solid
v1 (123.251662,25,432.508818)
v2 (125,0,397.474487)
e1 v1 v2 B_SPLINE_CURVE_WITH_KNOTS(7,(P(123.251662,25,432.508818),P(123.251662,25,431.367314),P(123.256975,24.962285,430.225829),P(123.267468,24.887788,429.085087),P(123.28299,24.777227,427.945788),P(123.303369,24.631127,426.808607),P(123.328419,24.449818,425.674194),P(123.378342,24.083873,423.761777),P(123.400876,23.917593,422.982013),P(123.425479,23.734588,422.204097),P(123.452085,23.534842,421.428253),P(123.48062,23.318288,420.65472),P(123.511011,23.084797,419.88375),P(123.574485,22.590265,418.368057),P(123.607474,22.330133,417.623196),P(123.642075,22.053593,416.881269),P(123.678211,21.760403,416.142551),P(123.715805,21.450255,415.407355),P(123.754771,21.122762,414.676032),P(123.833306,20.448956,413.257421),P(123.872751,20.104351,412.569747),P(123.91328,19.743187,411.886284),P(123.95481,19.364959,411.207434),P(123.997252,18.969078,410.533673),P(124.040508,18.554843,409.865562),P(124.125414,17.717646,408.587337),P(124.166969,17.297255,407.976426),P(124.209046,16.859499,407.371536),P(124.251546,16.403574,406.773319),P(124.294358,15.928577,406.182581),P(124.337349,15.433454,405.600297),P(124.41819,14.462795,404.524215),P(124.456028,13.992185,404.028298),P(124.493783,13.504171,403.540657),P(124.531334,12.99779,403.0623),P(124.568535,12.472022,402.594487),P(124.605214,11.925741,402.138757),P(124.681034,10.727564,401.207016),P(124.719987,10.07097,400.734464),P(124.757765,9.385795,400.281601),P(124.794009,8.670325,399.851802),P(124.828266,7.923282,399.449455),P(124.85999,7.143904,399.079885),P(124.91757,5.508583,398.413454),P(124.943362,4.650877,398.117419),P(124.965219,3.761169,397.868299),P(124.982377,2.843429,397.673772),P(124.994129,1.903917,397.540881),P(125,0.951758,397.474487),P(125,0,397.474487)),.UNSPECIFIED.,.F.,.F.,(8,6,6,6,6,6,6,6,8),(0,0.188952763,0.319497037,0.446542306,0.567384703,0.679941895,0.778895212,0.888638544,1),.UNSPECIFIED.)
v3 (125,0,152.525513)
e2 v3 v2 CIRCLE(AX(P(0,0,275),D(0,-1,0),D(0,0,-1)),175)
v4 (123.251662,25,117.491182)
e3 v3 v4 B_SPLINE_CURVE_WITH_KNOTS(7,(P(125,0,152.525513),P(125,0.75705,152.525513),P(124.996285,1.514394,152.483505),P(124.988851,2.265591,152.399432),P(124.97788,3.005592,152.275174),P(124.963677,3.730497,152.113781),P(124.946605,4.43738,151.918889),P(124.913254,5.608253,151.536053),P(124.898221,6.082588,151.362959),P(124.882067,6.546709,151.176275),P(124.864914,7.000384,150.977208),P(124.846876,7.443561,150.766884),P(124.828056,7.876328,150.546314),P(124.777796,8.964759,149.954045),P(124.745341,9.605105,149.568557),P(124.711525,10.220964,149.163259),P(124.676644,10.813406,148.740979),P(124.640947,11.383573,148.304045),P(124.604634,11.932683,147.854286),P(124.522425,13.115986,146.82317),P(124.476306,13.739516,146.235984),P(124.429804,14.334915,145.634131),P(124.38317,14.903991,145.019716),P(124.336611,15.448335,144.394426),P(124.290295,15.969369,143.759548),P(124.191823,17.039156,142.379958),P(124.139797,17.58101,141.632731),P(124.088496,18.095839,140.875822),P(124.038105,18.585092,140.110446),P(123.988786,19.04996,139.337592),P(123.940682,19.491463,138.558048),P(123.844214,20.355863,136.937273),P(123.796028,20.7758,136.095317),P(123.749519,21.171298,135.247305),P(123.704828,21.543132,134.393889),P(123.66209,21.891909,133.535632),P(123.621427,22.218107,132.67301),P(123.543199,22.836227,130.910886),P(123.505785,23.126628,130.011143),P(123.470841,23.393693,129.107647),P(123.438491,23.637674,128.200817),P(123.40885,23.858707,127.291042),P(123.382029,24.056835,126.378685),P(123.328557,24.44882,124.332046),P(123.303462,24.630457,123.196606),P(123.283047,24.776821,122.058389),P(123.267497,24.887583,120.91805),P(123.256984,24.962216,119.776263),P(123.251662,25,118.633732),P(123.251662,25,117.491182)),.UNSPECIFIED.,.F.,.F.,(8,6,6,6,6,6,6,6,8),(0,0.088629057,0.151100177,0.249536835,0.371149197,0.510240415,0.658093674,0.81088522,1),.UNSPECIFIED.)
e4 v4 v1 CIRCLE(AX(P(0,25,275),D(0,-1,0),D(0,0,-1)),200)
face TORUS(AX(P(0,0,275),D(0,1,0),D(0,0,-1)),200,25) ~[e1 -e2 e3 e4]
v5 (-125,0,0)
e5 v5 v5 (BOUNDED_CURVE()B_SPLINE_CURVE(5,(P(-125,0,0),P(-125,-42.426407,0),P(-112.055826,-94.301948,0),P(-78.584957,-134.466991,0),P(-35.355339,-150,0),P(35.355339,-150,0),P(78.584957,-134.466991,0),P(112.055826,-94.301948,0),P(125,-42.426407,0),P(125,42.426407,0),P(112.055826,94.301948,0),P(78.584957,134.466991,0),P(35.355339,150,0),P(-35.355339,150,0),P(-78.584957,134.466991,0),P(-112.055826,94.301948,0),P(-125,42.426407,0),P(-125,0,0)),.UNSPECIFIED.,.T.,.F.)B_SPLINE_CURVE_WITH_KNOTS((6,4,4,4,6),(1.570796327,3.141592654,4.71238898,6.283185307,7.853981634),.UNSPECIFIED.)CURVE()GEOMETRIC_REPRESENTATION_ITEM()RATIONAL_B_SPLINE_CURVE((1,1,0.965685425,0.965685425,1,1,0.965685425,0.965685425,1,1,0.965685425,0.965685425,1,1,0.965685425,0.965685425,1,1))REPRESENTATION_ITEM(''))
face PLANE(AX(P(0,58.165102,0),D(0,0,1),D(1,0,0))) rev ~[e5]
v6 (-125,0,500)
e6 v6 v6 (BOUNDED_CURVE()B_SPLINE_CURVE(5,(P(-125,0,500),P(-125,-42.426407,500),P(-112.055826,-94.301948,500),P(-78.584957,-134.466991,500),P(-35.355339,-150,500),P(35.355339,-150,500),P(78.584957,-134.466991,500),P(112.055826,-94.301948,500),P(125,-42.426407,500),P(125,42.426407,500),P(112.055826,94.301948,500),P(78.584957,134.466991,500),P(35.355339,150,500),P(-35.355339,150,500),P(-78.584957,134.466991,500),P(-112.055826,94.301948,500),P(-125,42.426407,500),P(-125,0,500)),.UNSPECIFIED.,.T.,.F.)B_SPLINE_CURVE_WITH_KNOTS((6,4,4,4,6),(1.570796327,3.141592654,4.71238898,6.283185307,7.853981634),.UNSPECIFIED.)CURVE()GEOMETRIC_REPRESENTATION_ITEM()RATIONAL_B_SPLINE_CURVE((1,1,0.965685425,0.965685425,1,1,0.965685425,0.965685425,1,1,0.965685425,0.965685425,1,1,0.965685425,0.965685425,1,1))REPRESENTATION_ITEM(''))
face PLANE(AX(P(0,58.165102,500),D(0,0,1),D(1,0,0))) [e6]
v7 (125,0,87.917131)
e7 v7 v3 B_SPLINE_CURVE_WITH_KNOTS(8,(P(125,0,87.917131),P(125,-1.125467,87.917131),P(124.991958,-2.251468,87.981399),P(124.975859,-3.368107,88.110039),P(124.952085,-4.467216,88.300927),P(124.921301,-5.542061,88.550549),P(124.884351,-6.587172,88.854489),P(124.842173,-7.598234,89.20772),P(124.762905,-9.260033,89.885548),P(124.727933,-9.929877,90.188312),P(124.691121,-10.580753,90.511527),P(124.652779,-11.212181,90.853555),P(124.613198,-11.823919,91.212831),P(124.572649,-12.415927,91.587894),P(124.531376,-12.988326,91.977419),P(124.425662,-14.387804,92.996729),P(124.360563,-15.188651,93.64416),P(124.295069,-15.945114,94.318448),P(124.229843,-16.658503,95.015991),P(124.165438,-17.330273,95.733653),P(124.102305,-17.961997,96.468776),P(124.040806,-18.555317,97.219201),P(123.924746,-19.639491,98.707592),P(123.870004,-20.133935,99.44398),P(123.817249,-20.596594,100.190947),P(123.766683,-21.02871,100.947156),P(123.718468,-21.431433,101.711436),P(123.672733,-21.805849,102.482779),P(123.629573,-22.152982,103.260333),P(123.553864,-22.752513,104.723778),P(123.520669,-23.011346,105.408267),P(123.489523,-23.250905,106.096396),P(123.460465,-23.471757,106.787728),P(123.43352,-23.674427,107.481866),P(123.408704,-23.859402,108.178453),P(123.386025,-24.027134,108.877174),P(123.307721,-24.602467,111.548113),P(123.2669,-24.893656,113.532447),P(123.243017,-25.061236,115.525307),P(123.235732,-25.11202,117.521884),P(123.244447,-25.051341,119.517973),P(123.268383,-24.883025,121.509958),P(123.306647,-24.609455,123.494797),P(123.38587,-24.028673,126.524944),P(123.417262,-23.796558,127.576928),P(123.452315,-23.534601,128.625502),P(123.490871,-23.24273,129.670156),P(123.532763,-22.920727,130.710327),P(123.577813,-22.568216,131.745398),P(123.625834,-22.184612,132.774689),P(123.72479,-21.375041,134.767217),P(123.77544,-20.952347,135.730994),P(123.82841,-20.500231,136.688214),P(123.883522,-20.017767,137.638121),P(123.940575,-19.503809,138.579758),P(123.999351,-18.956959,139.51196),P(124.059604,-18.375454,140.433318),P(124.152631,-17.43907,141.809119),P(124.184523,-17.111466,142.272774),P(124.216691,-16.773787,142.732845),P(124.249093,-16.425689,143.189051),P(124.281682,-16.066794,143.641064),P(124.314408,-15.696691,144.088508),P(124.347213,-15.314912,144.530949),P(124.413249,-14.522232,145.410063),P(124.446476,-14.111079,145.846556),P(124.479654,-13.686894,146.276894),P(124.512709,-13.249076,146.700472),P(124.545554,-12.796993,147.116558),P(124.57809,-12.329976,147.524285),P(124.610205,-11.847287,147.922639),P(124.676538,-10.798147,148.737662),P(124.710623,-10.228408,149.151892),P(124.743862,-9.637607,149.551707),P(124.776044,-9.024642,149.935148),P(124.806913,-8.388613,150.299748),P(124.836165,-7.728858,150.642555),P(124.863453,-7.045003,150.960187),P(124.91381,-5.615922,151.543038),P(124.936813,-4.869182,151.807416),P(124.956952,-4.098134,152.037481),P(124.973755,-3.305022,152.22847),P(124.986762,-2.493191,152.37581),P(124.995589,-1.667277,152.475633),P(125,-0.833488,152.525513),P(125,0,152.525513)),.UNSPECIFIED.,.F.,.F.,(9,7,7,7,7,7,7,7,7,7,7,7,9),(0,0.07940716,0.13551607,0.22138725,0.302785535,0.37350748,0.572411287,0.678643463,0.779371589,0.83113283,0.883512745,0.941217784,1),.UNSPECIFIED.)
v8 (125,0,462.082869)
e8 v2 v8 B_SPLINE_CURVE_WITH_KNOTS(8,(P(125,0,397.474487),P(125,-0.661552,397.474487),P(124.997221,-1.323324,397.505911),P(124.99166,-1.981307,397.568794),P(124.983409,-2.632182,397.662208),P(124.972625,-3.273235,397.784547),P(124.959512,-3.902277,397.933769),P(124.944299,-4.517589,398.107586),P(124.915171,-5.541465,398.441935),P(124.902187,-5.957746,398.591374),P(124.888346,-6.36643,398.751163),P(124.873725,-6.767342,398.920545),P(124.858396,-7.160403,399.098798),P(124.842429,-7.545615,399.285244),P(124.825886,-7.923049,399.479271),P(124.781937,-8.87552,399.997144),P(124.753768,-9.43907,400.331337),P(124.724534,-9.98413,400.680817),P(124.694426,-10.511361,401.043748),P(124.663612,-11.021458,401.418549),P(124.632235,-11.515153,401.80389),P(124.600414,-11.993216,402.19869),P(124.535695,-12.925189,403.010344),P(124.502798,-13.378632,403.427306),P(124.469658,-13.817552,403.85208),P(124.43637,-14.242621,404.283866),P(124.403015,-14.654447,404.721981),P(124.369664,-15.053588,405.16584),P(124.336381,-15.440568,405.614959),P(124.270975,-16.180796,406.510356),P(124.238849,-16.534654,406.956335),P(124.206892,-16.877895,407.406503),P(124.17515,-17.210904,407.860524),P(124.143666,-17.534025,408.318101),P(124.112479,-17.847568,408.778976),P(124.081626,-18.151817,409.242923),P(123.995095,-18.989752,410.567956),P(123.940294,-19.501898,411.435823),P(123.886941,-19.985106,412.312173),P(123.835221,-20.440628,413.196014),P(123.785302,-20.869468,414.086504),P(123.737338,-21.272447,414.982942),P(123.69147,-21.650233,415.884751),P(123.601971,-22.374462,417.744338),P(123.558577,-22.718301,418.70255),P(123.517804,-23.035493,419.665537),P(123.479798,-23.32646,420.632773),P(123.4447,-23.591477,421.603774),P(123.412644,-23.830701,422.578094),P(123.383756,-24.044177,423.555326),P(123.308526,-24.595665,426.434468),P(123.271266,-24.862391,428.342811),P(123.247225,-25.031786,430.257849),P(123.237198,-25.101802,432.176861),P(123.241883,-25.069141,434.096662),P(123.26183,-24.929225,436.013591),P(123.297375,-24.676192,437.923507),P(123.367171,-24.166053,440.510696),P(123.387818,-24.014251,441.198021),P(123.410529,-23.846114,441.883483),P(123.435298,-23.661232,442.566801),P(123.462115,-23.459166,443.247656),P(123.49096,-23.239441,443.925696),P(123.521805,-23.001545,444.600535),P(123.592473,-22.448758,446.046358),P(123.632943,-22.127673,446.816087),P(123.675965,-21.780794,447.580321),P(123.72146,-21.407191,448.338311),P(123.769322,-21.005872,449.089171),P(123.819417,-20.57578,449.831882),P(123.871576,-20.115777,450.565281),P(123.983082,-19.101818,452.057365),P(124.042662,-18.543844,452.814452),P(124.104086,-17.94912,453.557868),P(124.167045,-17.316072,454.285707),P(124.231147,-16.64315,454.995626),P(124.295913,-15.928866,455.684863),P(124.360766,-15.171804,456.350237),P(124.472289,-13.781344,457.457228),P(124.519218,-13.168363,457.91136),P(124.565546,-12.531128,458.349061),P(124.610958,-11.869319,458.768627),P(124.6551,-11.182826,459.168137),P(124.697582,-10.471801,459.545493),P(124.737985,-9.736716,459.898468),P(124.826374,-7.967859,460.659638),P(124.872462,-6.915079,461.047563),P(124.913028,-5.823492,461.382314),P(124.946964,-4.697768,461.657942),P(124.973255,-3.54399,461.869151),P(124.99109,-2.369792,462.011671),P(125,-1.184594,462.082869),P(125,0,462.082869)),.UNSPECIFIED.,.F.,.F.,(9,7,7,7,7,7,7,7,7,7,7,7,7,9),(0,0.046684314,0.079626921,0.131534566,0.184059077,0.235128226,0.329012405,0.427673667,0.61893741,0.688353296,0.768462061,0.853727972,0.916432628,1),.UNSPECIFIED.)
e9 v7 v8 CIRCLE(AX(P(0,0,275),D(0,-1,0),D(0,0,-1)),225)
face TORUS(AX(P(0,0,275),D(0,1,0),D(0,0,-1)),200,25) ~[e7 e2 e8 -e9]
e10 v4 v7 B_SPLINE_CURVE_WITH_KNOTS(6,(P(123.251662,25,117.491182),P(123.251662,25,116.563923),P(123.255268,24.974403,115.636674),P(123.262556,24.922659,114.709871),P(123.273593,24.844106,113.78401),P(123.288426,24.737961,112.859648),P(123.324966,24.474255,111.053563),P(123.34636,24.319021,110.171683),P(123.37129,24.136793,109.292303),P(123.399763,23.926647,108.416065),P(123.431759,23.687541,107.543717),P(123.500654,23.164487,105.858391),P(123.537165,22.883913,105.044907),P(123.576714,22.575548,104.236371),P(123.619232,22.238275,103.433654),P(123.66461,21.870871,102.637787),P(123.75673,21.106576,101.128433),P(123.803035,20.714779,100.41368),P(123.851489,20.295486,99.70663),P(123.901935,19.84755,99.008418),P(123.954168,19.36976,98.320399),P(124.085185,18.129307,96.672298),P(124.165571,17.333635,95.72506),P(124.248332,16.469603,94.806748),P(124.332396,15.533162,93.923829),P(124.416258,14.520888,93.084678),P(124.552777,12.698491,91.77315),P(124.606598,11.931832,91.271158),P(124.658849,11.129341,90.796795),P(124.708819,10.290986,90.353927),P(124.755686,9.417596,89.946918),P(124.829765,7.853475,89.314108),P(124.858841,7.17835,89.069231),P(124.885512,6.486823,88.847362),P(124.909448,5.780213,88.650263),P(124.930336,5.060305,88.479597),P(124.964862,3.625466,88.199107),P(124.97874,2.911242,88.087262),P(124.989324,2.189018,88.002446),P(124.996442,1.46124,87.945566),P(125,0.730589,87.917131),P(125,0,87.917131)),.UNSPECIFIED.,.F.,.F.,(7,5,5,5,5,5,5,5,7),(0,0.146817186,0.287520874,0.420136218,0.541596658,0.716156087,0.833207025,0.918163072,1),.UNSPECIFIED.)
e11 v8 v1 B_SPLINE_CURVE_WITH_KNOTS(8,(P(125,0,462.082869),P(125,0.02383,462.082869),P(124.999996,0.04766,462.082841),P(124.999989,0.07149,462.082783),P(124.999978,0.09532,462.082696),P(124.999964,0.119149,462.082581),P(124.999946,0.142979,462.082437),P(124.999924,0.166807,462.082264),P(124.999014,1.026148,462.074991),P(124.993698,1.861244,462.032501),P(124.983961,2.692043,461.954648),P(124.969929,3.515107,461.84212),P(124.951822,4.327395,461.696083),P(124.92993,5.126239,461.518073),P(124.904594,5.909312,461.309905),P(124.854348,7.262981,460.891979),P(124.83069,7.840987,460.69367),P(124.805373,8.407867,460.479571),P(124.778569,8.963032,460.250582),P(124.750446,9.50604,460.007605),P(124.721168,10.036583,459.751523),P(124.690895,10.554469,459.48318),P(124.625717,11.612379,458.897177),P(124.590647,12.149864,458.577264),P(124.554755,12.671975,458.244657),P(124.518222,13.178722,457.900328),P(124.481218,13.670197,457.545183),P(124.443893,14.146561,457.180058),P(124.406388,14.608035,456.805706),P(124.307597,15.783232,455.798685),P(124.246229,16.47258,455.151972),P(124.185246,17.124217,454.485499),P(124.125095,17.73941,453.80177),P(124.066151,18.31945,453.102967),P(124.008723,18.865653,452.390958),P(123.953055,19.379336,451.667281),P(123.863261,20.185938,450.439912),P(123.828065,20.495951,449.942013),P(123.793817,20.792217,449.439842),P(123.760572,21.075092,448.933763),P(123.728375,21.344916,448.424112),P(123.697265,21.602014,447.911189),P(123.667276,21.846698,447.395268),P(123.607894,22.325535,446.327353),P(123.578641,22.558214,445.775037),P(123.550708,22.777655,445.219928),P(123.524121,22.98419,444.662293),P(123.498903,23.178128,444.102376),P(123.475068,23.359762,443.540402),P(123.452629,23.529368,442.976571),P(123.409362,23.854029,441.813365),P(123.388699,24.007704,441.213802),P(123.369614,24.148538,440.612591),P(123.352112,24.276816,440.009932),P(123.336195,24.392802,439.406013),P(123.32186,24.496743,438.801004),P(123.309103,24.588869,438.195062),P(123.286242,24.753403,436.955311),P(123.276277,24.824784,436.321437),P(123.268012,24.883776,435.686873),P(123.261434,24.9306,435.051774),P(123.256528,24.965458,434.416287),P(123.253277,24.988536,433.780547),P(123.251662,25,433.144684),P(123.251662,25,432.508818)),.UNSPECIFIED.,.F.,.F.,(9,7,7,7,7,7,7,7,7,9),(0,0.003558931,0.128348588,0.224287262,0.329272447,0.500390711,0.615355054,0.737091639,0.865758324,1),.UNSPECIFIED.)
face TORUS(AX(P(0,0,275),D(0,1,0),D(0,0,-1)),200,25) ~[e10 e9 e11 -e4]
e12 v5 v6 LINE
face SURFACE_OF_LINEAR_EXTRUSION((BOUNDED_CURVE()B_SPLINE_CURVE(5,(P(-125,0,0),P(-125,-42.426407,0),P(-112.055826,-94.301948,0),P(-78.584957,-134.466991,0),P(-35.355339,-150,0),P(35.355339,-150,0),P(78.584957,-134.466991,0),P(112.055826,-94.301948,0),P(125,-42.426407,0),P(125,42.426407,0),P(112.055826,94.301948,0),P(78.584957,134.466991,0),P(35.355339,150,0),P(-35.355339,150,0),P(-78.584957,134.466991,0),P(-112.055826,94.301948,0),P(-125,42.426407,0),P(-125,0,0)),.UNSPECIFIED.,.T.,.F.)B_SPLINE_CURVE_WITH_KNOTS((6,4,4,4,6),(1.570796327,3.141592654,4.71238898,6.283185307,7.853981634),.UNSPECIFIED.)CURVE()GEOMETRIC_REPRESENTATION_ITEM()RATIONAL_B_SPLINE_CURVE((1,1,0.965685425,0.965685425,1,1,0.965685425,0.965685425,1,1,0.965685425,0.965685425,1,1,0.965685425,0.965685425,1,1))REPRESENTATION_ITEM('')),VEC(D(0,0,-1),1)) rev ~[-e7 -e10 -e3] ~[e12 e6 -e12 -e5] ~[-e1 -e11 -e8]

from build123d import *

# Parameters (mm, degrees)
F1_DEPTH = 500
F3_ANGLE = 180


with BuildPart() as f1:
    # F0 (on Top) → F1 (new body)
    with BuildSketch(Plane.XY):
        with BuildLine():
            add(Edge.make_bspline(
                [(0, 150), (-125, 150), (-125, 0)],
                knots=[0, 0, 0, 1.5707963268, 1.5707963268, 1.5707963268], degree=2, weights=[1, 0.7071067812, 1]))
            Line((-125, 0), (125, 0))
            add(Edge.make_bspline(
                [(125, 0), (125, 150), (0, 150)],
                knots=[4.7123889804, 4.7123889804, 4.7123889804, 6.2831853072, 6.2831853072, 6.2831853072], degree=2, weights=[1, 0.7071067812, 1]))
        make_face()
        with BuildLine():
            Line((125, 0), (-125, 0))
            add(Edge.make_bspline(
                [(-125, 0), (-125, -150), (0, -150), (125, -150), (125, 0)],
                knots=[1.5707963268, 1.5707963268, 1.5707963268, 3.1415926536, 3.1415926536, 4.7123889804, 4.7123889804, 4.7123889804], degree=2, weights=[1, 0.7071067812, 1, 0.7071067812, 1]))
        make_face()
    extrude(amount=F1_DEPTH)

    # F2 (on Right) → F3 (revolve)
    with BuildSketch(Plane.YZ):
        with BuildLine():
            ThreePointArc((0, 100), (-25, 75), (0, 50))
            Line((0, 50), (0, 75))
            Line((0, 75), (0, 100))
        make_face()
        with BuildLine():
            Line((0, 75), (0, 50))
            ThreePointArc((0, 50), (17.6776695297, 57.3223304703), (25, 75))
            ThreePointArc((25, 75), (17.6776695297, 92.6776695297), (0, 100))
            Line((0, 100), (0, 75))
        make_face()
    revolve(axis=Axis((0, -40.1853621006, 275), (0, -1, 0)), revolution_arc=F3_ANGLE)


solid = f1.part
